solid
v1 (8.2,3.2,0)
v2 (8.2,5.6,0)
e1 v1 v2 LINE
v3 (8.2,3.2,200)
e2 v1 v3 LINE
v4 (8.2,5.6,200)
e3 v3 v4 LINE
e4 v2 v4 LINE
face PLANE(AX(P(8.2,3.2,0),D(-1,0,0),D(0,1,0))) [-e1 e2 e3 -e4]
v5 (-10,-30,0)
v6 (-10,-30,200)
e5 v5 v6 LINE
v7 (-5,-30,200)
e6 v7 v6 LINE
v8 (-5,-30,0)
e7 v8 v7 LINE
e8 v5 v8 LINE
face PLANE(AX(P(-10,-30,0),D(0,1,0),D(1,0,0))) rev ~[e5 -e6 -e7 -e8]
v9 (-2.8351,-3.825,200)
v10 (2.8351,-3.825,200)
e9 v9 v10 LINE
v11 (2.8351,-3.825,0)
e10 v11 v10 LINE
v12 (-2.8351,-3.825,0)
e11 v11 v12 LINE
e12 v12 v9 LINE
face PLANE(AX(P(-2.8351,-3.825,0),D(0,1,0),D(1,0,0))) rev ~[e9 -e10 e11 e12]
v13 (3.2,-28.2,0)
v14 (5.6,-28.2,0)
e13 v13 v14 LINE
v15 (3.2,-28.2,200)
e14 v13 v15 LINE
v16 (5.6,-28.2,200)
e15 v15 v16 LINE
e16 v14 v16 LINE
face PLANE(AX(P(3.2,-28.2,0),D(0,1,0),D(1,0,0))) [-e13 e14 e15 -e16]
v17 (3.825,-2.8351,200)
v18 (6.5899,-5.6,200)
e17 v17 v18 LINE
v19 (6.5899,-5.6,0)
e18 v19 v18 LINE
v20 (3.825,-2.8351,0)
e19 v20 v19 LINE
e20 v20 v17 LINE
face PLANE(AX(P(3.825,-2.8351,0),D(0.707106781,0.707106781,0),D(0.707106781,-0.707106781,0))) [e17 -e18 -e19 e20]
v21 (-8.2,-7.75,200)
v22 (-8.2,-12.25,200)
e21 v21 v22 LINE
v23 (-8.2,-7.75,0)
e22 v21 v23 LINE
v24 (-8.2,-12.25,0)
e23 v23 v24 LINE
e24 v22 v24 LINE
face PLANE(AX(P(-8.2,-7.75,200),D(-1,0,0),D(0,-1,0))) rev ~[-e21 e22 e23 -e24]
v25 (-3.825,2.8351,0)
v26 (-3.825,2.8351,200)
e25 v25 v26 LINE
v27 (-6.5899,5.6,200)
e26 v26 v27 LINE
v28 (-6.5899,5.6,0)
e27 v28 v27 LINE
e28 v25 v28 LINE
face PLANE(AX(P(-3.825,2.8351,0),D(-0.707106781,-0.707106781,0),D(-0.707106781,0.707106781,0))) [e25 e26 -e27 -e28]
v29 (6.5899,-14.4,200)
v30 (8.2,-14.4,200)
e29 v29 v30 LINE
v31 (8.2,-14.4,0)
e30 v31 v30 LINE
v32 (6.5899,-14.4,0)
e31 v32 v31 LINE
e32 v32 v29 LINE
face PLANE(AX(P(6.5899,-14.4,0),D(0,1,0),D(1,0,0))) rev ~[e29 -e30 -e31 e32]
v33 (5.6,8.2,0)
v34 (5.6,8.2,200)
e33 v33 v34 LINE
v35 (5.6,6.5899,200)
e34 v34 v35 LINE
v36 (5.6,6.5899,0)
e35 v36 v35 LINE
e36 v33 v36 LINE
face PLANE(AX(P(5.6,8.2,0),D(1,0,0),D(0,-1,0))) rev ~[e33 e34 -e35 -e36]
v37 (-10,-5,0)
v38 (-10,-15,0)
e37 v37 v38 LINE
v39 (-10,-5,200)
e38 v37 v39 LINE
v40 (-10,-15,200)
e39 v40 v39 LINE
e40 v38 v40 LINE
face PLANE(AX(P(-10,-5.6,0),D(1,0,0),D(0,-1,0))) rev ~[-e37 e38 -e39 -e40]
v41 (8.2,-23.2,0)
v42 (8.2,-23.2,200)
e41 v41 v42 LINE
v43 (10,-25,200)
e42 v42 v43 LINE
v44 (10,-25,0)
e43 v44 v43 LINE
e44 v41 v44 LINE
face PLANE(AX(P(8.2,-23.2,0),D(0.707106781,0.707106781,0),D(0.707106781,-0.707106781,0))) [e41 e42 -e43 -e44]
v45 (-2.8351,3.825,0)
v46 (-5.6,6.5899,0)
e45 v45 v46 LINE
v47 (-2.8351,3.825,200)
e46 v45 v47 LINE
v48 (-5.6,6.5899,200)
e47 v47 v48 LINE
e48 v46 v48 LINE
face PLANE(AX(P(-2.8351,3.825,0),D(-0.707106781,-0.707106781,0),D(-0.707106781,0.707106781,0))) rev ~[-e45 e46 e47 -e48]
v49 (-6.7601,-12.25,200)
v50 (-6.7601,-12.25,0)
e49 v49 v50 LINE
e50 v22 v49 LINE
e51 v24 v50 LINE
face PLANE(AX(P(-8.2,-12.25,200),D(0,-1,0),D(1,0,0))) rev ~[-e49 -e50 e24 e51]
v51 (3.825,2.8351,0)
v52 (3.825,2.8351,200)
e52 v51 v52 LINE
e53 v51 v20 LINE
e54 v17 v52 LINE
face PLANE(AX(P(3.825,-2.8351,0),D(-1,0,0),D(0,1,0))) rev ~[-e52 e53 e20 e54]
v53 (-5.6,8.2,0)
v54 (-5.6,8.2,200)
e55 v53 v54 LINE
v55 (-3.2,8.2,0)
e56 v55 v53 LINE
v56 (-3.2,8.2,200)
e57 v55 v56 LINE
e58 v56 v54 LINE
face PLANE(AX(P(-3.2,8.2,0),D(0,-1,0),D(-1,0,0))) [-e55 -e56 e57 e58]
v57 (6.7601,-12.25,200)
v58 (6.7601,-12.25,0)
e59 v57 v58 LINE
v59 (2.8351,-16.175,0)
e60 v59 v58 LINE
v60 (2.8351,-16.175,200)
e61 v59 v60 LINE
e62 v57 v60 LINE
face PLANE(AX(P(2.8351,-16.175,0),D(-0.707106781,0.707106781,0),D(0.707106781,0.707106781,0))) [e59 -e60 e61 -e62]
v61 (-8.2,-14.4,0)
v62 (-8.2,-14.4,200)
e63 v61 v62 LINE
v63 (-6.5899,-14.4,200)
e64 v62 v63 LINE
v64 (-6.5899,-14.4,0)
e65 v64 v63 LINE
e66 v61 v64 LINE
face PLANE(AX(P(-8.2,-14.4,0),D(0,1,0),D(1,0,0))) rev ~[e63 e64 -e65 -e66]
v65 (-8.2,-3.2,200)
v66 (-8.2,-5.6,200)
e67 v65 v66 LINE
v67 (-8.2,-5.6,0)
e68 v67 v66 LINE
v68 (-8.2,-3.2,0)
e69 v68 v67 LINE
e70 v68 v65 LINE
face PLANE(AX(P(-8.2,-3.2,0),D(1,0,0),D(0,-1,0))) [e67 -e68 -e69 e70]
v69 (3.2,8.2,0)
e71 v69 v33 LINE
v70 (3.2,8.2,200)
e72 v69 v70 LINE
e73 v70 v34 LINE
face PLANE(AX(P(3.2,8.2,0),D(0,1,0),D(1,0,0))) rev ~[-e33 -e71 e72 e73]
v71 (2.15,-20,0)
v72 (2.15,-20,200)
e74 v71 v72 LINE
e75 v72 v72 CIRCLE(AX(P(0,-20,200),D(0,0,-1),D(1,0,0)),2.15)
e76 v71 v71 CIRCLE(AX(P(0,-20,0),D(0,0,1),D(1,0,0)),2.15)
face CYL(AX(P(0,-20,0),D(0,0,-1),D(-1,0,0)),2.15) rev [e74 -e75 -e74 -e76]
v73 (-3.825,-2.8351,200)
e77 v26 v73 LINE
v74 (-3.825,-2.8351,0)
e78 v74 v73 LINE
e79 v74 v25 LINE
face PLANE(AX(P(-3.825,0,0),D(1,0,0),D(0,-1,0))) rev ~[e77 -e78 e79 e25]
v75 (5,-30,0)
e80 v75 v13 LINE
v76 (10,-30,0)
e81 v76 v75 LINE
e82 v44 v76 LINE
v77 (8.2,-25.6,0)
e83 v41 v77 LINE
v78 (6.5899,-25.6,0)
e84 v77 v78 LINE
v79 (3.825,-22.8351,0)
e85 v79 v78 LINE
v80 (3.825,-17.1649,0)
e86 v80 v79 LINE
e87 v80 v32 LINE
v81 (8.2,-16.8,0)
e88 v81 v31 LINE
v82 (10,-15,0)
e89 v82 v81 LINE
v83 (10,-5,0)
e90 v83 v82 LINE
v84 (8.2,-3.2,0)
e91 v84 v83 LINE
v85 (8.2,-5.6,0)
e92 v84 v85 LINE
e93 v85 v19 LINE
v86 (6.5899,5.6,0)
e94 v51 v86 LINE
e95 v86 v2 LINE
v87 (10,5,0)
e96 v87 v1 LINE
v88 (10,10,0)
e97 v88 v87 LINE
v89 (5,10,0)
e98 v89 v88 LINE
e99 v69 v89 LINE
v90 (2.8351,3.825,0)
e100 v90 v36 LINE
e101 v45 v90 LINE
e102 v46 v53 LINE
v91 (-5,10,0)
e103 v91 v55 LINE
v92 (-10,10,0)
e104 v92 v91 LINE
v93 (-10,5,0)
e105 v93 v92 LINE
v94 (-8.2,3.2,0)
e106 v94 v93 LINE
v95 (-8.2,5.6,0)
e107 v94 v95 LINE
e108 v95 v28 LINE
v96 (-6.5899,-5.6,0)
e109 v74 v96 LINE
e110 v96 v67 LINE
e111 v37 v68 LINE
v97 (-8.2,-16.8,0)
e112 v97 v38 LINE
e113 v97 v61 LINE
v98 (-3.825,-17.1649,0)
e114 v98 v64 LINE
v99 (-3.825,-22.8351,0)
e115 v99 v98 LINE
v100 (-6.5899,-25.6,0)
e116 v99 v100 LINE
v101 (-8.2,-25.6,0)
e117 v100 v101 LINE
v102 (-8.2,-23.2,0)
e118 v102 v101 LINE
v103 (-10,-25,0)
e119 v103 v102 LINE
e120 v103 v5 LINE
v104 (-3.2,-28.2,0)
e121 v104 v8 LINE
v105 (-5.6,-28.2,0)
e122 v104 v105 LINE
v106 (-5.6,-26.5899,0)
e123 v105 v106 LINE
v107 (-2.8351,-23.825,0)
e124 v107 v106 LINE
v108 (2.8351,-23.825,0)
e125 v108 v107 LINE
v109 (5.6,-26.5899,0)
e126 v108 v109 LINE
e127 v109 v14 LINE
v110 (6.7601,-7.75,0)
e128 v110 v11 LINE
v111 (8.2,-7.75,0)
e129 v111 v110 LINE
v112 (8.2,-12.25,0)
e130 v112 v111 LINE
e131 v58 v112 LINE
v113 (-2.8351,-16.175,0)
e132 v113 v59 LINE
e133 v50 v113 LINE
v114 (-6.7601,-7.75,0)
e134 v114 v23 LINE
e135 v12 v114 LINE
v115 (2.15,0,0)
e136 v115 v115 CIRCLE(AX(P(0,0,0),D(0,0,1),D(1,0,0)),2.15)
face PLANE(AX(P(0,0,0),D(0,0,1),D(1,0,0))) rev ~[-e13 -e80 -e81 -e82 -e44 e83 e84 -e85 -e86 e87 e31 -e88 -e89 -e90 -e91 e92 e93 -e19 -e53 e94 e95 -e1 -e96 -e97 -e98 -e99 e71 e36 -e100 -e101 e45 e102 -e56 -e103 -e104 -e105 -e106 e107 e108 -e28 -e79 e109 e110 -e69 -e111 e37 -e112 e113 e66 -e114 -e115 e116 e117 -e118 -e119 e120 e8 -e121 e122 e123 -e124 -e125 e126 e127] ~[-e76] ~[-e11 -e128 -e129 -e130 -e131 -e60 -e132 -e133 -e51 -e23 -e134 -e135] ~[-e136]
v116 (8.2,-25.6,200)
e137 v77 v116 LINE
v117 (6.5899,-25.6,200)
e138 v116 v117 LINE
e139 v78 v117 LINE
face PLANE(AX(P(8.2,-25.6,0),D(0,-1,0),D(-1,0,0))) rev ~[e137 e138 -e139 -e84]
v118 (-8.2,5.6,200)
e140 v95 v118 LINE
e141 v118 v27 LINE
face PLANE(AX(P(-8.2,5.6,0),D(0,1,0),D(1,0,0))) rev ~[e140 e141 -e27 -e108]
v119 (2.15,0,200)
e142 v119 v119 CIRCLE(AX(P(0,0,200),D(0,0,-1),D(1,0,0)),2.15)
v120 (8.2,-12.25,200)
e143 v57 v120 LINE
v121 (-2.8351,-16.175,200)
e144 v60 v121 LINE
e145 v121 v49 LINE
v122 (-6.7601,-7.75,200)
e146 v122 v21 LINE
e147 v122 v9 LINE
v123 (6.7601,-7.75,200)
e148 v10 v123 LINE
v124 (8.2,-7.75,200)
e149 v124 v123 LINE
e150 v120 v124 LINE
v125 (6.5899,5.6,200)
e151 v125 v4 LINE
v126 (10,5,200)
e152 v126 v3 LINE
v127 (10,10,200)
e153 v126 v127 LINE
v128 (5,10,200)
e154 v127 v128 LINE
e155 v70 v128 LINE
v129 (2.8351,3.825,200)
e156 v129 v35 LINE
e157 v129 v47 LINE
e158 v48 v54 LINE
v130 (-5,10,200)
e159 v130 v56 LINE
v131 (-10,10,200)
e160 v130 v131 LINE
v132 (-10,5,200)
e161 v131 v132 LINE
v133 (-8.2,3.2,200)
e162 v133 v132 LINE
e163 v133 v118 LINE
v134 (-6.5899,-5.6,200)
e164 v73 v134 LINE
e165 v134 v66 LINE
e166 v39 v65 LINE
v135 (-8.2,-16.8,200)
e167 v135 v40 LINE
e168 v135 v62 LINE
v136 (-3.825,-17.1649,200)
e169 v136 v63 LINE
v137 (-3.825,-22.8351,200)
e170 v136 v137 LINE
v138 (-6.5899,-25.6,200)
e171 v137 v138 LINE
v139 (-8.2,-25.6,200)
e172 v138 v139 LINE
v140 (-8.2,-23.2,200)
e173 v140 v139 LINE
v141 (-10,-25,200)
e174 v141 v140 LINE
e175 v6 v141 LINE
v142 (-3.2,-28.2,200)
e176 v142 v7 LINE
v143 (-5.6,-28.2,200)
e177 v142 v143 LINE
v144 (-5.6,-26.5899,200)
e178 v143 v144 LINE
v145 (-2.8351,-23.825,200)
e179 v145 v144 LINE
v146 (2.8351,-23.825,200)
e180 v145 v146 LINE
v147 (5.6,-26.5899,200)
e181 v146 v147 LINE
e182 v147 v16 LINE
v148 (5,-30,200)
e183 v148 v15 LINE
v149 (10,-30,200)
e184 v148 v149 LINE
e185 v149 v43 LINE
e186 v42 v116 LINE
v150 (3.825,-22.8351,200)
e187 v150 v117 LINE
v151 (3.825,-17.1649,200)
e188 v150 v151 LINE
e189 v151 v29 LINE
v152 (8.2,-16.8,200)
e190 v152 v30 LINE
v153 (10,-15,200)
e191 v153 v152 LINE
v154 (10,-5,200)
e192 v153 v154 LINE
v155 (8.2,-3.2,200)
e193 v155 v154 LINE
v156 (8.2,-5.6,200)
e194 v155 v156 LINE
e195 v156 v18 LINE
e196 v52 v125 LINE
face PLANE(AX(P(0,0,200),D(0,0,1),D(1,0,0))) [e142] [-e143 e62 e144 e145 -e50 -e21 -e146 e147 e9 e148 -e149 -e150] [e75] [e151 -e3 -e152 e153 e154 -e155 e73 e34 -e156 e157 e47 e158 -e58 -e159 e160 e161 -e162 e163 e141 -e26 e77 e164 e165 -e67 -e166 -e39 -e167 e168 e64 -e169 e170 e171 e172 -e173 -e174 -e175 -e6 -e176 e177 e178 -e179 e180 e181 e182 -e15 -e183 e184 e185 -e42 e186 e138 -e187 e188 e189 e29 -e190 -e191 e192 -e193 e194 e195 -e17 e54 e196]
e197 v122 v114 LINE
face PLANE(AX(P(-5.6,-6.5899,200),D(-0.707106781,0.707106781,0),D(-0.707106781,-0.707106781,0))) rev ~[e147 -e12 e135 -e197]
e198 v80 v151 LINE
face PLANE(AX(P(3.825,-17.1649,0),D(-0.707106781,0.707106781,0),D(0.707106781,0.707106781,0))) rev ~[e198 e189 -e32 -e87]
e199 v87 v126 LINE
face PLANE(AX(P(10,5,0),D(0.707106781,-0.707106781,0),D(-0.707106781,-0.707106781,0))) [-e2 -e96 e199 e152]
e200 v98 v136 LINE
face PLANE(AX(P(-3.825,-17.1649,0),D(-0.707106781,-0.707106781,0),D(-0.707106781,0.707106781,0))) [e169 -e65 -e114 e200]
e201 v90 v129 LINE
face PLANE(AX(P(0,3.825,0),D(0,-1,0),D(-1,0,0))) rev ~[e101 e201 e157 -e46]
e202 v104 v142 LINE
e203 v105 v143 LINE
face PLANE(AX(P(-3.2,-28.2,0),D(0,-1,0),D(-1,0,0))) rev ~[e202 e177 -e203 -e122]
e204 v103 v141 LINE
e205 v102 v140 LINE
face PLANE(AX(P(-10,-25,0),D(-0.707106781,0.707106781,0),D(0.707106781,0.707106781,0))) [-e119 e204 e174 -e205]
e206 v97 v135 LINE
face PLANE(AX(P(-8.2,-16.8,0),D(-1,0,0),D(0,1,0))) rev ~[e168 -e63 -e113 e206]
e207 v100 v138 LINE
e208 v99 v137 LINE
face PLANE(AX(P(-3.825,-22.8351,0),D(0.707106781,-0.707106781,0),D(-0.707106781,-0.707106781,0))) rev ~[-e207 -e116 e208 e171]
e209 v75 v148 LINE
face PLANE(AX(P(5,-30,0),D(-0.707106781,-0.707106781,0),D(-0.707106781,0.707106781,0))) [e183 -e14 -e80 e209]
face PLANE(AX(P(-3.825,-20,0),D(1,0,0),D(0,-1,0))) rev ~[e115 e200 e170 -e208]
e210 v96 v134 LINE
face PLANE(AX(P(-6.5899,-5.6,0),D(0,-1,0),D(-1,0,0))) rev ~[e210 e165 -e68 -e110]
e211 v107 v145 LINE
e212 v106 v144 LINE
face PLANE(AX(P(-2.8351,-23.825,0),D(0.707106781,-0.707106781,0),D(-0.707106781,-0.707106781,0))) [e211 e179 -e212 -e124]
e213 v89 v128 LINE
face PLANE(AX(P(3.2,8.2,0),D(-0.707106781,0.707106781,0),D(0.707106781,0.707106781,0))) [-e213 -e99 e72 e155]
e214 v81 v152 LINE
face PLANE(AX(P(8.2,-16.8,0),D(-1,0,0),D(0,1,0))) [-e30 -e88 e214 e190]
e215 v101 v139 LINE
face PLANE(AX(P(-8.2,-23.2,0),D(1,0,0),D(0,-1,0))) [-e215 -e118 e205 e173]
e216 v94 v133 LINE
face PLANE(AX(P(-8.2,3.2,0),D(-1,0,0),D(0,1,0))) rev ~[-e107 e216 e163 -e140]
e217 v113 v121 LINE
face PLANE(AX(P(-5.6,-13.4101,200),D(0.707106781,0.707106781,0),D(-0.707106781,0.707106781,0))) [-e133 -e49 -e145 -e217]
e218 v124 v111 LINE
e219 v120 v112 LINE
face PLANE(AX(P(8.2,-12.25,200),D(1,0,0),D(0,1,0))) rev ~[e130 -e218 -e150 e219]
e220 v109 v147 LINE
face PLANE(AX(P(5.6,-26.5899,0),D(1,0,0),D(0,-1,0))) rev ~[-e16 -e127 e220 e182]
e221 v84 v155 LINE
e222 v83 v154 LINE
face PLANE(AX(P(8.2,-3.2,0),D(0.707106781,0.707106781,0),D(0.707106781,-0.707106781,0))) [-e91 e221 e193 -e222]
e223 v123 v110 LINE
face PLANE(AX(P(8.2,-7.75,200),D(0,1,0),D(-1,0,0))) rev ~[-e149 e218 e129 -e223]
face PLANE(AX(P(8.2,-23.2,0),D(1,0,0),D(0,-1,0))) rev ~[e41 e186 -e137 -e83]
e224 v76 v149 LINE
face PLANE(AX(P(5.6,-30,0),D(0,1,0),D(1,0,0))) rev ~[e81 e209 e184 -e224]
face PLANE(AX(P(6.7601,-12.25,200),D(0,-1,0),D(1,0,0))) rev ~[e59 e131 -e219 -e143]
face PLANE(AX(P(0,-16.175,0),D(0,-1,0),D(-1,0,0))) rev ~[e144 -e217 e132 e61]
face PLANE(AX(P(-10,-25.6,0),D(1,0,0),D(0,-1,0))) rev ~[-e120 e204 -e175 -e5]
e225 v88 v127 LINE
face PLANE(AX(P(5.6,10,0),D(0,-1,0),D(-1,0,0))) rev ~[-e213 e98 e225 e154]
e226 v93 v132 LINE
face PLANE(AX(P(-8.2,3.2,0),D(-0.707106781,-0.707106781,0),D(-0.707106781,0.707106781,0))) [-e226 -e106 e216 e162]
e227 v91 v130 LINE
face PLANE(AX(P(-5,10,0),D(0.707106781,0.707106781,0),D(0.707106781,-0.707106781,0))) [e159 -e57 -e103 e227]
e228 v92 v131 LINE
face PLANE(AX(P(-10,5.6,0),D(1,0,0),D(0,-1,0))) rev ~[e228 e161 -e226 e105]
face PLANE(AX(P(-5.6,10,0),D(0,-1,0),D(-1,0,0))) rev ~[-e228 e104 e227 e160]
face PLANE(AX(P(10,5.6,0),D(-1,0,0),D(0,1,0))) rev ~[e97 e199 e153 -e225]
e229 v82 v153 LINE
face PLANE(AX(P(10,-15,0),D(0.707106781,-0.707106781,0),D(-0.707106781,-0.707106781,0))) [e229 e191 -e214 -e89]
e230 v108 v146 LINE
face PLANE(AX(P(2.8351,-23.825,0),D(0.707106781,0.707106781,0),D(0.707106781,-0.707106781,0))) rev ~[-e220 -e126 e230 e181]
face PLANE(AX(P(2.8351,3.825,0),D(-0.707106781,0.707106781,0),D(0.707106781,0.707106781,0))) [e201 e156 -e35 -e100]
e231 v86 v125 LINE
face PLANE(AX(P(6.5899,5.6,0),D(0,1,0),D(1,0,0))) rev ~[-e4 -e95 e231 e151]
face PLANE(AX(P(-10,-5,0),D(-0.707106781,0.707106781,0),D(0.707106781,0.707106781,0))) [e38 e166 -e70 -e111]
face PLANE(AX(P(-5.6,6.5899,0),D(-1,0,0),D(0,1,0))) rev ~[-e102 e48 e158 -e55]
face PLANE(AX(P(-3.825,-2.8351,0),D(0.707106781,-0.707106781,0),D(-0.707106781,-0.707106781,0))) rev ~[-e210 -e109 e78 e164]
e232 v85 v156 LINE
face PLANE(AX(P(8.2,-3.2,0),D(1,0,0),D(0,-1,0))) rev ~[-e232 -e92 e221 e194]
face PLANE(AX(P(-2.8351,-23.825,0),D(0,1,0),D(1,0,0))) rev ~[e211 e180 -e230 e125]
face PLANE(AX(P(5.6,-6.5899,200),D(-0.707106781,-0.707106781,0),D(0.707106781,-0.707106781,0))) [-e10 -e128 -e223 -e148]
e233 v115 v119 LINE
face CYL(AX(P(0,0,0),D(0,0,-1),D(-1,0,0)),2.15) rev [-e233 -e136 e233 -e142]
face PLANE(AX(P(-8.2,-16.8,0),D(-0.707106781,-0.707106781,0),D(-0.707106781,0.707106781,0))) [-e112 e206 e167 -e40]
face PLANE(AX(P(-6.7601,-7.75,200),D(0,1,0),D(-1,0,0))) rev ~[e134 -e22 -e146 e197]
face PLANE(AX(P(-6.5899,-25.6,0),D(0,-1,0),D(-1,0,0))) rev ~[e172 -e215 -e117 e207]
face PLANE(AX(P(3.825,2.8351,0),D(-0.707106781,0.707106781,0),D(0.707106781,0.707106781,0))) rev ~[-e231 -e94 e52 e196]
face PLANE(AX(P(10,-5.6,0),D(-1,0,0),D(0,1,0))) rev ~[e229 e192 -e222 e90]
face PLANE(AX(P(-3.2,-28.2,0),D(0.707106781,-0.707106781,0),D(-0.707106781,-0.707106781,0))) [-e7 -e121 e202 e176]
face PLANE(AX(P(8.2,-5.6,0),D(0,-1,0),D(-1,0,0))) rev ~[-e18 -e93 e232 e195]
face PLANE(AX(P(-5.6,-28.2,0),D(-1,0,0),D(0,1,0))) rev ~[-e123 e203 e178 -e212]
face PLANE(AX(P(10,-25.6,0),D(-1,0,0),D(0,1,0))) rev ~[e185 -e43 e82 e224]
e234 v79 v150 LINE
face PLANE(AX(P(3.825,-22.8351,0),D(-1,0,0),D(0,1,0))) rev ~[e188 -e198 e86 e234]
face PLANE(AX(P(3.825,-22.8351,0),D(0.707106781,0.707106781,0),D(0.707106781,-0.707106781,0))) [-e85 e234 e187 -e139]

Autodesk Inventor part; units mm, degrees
ref_plane "YZ Plane" through (0, 0, 0) normal (1, 0, 0) x (0, 1, 0)
ref_plane "XZ Plane" through (0, 0, 0) normal (0, 1, 0) x (-1, 0, 0)
ref_plane "XY Plane" through (0, 0, 0) normal (0, 0, 1) x (1, 0, 0)
sketch "Sketch1" plane through (0, 0, 0) normal (0, 0, 1) x (1, 0, 0)
  line L0 (-10, -10) -> (-5.6, -10)
  line L1 (-10, -5.6) -> (-10, -10)
  line L2 (-5.6, -10) -> (-5, -10)
  line L3 (-3.2, -8.2) -> (-5.6, -8.2)
  line L4 (-2.8351, -3.825) -> (-5.6, -6.5899)
  line L5 (-3.825, -2.8351) -> (-6.5899, -5.6)
  line L6 (0, 0) -> (0, -11) construction
  line L7 (0, 0) -> (-12, 0) construction
  line L8 (-3.2, -8.2) -> (-5, -10)
  line L9 (-6.5899, -5.6) -> (-8.2, -5.6)
  line L10 (-10, -5.6) -> (-10, -5)
  line L11 (-10, -5) -> (-8.2, -3.2)
  line L12 (-8.2, -3.2) -> (-8.2, -5.6)
  line L13 (-5.6, -8.2) -> (-5.6, -6.5899)
  arc A0 (-2.15, 0) -> (0, -2.15) centre (0, 0) ccw
  line L14 (0, 0) -> (-3.825, 0)
  line L15 (-3.825, 0) -> (-3.825, -2.8351)
  line L16 (-2.8351, -3.825) -> (0, -3.825)
  line L17 (0, -3.825) -> (0, 0)
  line L18 (-2.8351, -3.825) -> (-3.825, -3.825) construction
  line L19 (-3.825, -3.825) -> (-3.825, -2.8351) construction
  line L20 (3.825, -2.8351) -> (3.825, -3.825) construction
  line L21 (3.825, -2.8351) -> (3.825, 0)
  line L22 (3.825, -3.825) -> (2.8351, -3.825) construction
  line L23 (3.825, 0) -> (0, 0)
  line L24 (0, -3.825) -> (2.8351, -3.825)
  arc A1 (0, -2.15) -> (2.15, 0) centre (0, 0) ccw
  line L25 (0, 0) -> (0, -3.825)
  line L26 (2.8351, -3.825) -> (5.6, -6.5899)
  line L27 (0, 0) -> (0, -12) construction
  line L28 (0, 0) -> (11, 0) construction
  line L29 (3.825, -2.8351) -> (6.5899, -5.6)
  line L30 (8.2, -3.2) -> (8.2, -5.6)
  line L31 (10, -5.6) -> (10, -5)
  line L32 (8.2, -3.2) -> (10, -5)
  line L33 (8.2, -5.6) -> (6.5899, -5.6)
  line L34 (5.6, -6.5899) -> (5.6, -8.2)
  line L35 (10, -10) -> (10, -5.6)
  line L36 (5.6, -10) -> (10, -10)
  line L37 (3.2, -8.2) -> (5.6, -8.2)
  line L38 (5, -10) -> (3.2, -8.2)
  line L39 (5.6, -10) -> (5, -10)
  line L40 (2.8351, 3.825) -> (3.825, 3.825) construction
  line L41 (2.8351, 3.825) -> (0, 3.825)
  line L42 (3.825, 3.825) -> (3.825, 2.8351) construction
  line L43 (0, 3.825) -> (0, 0)
  line L44 (3.825, 0) -> (3.825, 2.8351)
  arc A2 (2.15, 0) -> (0, 2.15) centre (0, 0) ccw
  line L45 (0, 0) -> (3.825, 0)
  line L46 (3.825, 2.8351) -> (6.5899, 5.6)
  line L47 (0, 0) -> (12, 0) construction
  line L48 (0, 0) -> (0, 11) construction
  line L49 (2.8351, 3.825) -> (5.6, 6.5899)
  line L50 (3.2, 8.2) -> (5.6, 8.2)
  line L51 (5.6, 10) -> (5, 10)
  line L52 (3.2, 8.2) -> (5, 10)
  line L53 (5.6, 8.2) -> (5.6, 6.5899)
  line L54 (6.5899, 5.6) -> (8.2, 5.6)
  line L55 (10, 10) -> (5.6, 10)
  line L56 (10, 5.6) -> (10, 10)
  line L57 (8.2, 3.2) -> (8.2, 5.6)
  line L58 (10, 5) -> (8.2, 3.2)
  line L59 (10, 5.6) -> (10, 5)
  line L60 (-3.825, 2.8351) -> (-3.825, 3.825) construction
  line L61 (-3.825, 2.8351) -> (-3.825, 0)
  line L62 (-3.825, 3.825) -> (-2.8351, 3.825) construction
  line L63 (-3.825, 0) -> (0, 0)
  line L64 (0, 3.825) -> (-2.8351, 3.825)
  arc A3 (0, 2.15) -> (-2.15, 0) centre (0, 0) ccw
  line L65 (0, 0) -> (0, 3.825)
  line L66 (-2.8351, 3.825) -> (-5.6, 6.5899)
  line L67 (0, 0) -> (0, 12) construction
  line L68 (0, 0) -> (-11, 0) construction
  line L69 (-3.825, 2.8351) -> (-6.5899, 5.6)
  line L70 (-8.2, 3.2) -> (-8.2, 5.6)
  line L71 (-10, 5.6) -> (-10, 5)
  line L72 (-8.2, 3.2) -> (-10, 5)
  line L73 (-8.2, 5.6) -> (-6.5899, 5.6)
  line L74 (-5.6, 6.5899) -> (-5.6, 8.2)
  line L75 (-10, 10) -> (-10, 5.6)
  line L76 (-5.6, 10) -> (-10, 10)
  line L77 (-3.2, 8.2) -> (-5.6, 8.2)
  line L78 (-5, 10) -> (-3.2, 8.2)
  line L79 (-5.6, 10) -> (-5, 10)
  point P0 (0, 2.15)
  point P1 (2.15, 0)
  point P2 (0, -2.15)
  dimension "d16" = 10
  dimension "d19" = 3.2
  dimension "d21" = 4.4
  dimension "d22" = 4.4
  dimension "d24" = 45
  dimension "d25" = 1.8
  dimension "d27" = 1.8
  dimension "d28" = 45
  dimension "d29" = 3.2
  dimension "d31" = 1.4
  dimension "d33" = 2.15
  dimension "d34" = 3.825
  dimension "d35" = 3.825
  dimension "d36" = 135
  dimension "d39" = 360
extrude "Extrusion1" add sketch "Sketch1" along normal blind 200 contours L1 L10 L11 L12 L9 L5 L15 L14 A0 L17 L16 L4 L13 L3 L8 L2 L0 | L17 A1 L23 L21 L29 L33 L30 L32 L31 L35 L36 L39 L38 L37 L34 L26 L24 | L61 L69 L73 L70 L72 L71 L75 L76 L79 L78 L77 L74 L66 L64 L43 A3 L14 | A2 L43 L41 L49 L53 L50 L52 L51 L55 L56 L59 L58 L57 L54 L46 L44 L23
pattern_linear "Rectangular Pattern1" count 2 spacing 20 along (0, -1, 0) of "Extrusion1"
sketch "Sketch2" plane through (0, 0, 200) normal (0, 0, 1) x (1, 0, 0)
  line L0 (3.2, -8.2) -> (5, -10) projected
  line L1 (-3.2, -11.8) -> (-5, -10) projected
  line L2 (5, -10) -> (-5, -10) construction
  line L3 (-8.2, -12.25) -> (8.2, -12.25)
  line L4 (8.2, -12.25) -> (8.2, -7.75)
  line L5 (8.2, -7.75) -> (-8.2, -7.75)
  line L6 (-8.2, -7.75) -> (-8.2, -12.25)
  line L7 (-8.2, -12.25) -> (8.2, -7.75) construction
  line L8 (8.2, -12.25) -> (-8.2, -7.75) construction
  line L9 (10, -15) -> (10, -5) projected
  line L10 (5.6, -6.5899) -> (5.6, -8.2) projected
  line L11 (5.6, -6.5899) -> (6.7601, -7.75)
  line L12 (-5.6, -6.5899) -> (-2.8351, -3.825) projected
  line L13 (-5.6, -6.5899) -> (-6.7601, -7.75)
  line L14 (5.6, -13.4101) -> (6.7601, -12.25)
  line L15 (-5.6, -13.4101) -> (-6.7601, -12.25)
  line L16 (-5.6, -6.5899) -> (-5.6, -7.75)
  line L17 (-5.6, -8.2) -> (-5.6, -6.5899) projected
  line L18 (5.6, -6.5899) -> (5.6, -7.75)
  line L19 (-5.6, -11.8) -> (-5.6, -13.4101)
  line L20 (5.6, -13.4101) -> (5.6, -12.25)
  point P0 (0, 0)
  point P1 (0, -10)
  point P2 (-5.6, -12.25)
  dimension "d46" = 4.5
  dimension "d50" = 1.8
extrude "Extrusion2" cut sketch "Sketch2" against normal through all
properties part number "AP20x20"
